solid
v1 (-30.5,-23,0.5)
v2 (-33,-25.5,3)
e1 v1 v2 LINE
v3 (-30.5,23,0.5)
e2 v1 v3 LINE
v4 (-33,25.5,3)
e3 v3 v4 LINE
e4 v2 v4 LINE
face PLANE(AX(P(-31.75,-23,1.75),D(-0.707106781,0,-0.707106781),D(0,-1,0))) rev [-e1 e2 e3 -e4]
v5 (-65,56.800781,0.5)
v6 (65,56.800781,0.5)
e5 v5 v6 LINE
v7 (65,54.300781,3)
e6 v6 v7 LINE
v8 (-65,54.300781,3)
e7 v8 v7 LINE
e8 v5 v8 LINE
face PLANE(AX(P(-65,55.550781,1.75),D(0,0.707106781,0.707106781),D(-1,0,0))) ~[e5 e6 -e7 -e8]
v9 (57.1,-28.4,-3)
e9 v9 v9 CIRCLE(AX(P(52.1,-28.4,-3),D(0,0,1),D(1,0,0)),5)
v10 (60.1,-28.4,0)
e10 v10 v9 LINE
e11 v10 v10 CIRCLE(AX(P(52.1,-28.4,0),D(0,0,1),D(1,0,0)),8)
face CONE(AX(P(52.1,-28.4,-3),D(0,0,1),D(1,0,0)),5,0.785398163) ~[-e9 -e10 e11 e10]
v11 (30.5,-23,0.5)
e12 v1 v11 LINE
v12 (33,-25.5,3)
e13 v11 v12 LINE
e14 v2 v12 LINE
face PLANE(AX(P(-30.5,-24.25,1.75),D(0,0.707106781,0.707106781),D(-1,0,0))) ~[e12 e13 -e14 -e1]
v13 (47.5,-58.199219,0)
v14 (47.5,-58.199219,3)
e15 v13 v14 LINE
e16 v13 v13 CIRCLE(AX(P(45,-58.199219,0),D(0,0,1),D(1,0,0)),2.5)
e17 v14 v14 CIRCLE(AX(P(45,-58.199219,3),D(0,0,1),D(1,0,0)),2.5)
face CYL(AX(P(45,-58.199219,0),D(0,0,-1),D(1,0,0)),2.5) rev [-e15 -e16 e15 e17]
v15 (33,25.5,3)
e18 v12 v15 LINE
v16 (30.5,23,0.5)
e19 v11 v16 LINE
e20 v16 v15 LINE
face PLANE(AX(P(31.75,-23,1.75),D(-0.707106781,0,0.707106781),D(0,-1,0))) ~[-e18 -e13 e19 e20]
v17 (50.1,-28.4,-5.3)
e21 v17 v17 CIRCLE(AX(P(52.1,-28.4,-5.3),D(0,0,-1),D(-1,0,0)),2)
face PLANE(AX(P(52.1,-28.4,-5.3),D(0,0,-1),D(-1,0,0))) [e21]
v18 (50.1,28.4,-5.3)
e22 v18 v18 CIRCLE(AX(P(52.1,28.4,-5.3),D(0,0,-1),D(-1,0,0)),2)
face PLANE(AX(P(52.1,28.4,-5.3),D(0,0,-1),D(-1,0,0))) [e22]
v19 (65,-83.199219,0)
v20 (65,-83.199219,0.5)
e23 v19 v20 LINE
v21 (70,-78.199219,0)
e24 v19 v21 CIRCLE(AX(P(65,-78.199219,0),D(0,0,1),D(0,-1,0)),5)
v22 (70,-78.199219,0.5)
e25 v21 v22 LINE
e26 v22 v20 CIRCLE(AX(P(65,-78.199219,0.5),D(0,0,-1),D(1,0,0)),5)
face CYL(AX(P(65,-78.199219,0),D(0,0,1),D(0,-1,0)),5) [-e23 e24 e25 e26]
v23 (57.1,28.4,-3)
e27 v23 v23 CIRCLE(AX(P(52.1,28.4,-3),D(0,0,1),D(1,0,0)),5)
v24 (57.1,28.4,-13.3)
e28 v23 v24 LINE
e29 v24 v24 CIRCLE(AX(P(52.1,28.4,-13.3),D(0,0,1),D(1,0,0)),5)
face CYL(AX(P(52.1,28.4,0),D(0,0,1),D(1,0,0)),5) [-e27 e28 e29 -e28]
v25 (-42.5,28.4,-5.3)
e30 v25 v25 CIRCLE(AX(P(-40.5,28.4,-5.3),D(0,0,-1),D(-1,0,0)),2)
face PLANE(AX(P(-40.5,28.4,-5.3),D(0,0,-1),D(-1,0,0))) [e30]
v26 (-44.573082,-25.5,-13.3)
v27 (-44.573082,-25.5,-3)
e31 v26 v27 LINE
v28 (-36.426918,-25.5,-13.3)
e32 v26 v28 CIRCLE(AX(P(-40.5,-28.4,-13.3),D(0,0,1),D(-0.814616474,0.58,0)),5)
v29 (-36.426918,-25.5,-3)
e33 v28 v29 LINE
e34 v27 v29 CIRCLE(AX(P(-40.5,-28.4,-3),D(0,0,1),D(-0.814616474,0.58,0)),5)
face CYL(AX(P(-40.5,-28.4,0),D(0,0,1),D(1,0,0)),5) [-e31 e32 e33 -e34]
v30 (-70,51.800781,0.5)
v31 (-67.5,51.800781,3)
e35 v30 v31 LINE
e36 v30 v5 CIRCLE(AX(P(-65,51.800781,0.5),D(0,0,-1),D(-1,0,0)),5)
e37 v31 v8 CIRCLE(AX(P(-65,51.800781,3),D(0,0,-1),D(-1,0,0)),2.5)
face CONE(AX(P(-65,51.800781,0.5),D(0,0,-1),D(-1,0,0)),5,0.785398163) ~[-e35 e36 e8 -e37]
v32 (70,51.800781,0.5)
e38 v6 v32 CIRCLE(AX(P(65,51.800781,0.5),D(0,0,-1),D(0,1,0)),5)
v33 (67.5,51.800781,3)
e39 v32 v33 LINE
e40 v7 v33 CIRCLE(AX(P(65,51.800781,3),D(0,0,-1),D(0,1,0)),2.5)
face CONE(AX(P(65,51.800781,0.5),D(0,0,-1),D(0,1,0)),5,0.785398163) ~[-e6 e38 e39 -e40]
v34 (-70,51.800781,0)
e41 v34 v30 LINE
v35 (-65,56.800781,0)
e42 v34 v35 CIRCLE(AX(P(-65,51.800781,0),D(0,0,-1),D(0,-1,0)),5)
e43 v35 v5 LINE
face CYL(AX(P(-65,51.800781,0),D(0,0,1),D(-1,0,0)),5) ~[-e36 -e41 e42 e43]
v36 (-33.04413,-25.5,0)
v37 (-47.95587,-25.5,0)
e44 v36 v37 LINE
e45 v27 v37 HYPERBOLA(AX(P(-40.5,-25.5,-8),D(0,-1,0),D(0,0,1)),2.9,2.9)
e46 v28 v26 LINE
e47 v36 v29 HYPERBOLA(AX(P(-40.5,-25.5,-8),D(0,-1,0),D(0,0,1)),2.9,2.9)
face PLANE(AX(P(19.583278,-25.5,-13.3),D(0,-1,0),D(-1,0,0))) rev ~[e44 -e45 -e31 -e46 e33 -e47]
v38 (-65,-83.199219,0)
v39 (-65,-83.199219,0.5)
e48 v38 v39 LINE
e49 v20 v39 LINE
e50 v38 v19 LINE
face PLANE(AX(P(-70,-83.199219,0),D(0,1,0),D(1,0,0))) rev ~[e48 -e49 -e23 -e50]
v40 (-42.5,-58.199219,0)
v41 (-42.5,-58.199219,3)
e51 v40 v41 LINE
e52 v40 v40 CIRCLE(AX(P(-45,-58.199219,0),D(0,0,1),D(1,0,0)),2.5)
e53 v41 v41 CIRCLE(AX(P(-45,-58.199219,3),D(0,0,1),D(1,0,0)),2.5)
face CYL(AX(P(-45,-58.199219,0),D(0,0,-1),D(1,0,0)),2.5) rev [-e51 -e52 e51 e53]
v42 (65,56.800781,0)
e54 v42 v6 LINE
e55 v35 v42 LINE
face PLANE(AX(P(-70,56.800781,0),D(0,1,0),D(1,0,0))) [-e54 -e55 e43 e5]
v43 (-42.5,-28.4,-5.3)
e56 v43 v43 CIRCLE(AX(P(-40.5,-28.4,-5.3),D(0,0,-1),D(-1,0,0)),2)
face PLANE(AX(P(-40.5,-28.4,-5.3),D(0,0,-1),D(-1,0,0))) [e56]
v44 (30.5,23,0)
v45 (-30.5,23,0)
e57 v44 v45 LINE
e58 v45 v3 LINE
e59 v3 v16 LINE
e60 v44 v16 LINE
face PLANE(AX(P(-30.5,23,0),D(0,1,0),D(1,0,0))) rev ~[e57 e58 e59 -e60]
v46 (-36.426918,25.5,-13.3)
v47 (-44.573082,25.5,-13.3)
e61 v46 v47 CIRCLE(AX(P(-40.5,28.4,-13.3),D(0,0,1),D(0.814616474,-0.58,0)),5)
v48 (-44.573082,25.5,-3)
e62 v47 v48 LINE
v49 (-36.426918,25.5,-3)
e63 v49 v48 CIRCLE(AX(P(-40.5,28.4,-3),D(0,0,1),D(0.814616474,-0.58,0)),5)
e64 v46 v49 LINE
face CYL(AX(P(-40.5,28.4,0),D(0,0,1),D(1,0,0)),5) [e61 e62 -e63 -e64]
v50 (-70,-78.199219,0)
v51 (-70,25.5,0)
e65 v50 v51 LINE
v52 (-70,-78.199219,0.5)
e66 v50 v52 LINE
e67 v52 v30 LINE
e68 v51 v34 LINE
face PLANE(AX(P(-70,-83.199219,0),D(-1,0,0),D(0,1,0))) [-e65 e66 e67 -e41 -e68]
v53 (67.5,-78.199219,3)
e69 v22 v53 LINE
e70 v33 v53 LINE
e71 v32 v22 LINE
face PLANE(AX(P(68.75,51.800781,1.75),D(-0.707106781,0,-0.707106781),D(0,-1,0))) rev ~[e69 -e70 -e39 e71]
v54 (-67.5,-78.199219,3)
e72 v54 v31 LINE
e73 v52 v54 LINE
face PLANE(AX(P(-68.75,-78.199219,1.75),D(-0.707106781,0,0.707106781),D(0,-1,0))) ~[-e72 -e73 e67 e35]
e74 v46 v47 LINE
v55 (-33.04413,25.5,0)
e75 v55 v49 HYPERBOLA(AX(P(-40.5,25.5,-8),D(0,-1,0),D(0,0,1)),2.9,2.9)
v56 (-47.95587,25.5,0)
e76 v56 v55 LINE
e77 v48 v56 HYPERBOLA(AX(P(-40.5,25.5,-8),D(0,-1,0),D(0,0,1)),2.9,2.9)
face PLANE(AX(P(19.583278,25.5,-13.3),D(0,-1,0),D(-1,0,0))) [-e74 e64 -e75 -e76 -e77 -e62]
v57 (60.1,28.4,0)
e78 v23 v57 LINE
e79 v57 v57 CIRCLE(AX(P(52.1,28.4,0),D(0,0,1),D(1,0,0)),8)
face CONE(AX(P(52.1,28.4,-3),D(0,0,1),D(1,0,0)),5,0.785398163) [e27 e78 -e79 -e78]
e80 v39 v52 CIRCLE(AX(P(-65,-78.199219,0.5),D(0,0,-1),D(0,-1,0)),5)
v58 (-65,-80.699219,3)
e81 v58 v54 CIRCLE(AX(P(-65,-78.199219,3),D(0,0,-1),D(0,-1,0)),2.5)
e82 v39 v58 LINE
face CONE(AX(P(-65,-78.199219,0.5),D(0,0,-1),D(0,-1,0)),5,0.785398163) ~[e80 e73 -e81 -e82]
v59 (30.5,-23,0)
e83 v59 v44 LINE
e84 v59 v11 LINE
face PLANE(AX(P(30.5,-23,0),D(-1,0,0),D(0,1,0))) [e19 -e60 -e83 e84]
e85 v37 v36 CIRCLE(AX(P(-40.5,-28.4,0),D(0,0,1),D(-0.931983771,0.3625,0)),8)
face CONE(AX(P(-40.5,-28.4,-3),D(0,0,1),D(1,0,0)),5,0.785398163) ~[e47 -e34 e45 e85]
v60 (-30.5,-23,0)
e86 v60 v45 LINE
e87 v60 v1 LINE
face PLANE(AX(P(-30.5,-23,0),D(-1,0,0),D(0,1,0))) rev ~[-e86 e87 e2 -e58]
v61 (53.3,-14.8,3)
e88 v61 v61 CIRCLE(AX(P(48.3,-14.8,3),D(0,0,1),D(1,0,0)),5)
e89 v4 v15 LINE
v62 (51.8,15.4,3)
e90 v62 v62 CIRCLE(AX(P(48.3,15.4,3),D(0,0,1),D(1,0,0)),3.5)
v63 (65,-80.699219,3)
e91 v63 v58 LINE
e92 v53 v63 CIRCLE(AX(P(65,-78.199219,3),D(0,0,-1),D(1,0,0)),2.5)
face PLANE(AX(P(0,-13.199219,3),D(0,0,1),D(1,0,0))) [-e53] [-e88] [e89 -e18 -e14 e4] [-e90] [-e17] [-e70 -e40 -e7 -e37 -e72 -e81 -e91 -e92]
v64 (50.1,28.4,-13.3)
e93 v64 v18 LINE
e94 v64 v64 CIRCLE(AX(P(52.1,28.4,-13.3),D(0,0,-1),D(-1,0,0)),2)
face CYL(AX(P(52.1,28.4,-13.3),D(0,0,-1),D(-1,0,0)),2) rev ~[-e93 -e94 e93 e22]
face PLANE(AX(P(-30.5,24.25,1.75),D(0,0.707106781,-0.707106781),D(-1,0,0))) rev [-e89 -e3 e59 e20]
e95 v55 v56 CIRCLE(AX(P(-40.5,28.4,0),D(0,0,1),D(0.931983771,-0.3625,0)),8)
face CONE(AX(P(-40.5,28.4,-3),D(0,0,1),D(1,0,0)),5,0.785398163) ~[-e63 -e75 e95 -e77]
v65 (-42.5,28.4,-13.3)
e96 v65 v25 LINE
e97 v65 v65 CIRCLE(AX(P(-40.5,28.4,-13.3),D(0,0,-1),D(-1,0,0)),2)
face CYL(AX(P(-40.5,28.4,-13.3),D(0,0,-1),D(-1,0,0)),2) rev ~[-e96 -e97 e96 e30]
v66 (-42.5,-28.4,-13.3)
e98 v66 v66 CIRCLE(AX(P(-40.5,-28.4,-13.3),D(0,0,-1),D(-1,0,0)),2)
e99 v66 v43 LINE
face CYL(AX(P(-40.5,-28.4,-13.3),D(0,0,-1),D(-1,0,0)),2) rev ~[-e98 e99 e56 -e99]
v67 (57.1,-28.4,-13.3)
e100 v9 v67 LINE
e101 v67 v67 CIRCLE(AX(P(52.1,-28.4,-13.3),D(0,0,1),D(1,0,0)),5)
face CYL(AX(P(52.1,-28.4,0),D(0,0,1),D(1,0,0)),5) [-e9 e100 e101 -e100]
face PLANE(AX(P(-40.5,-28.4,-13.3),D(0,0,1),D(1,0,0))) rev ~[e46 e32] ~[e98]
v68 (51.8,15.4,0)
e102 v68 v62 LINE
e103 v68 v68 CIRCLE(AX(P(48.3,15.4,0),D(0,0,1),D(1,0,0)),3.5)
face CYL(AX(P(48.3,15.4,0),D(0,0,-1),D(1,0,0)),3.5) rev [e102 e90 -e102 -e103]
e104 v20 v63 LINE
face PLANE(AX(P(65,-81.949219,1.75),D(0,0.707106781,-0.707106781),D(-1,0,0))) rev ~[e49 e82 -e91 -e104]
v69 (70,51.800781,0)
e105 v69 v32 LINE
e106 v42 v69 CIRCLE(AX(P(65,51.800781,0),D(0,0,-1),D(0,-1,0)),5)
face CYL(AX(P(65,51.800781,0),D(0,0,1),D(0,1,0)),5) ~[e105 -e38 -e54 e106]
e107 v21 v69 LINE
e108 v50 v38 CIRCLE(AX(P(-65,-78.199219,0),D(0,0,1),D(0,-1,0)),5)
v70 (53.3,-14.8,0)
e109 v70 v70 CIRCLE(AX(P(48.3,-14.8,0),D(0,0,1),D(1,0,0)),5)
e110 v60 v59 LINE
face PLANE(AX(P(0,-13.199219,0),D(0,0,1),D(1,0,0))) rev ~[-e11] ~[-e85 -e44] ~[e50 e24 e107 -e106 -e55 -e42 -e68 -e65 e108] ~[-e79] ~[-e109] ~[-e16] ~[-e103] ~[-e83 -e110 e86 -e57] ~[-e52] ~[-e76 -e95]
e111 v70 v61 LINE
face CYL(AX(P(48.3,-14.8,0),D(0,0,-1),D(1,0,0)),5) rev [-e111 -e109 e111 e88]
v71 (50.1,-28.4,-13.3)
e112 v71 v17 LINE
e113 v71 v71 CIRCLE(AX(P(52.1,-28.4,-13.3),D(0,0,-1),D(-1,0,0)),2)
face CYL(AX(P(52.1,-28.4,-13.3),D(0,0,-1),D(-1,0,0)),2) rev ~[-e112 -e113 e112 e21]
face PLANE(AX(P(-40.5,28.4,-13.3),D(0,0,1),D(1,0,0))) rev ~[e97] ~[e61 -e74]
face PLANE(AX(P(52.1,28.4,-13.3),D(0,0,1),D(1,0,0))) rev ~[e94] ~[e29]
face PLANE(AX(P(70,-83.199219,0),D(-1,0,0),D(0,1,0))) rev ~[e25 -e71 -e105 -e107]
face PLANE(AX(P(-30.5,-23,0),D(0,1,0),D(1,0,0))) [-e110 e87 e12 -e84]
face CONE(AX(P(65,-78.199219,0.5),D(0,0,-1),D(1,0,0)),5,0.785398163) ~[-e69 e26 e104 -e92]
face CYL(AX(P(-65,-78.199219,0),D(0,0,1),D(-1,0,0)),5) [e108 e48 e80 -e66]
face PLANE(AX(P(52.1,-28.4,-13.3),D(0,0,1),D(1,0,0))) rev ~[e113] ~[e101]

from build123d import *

# Parameters (mm, degrees)
SKETCH1_W           = 140
SKETCH1_H           = 140
SKETCH1_R           = 3.5
SKETCH1_R_2         = 2
SKETCH1_R_3         = 5
SKETCH1_R_4         = 2.5
SKETCH1_W_2         = 61
SKETCH1_H_2         = 46
BOSS_EXTRUDE1_DEPTH = 3
CHAMFER1_SIZE       = 2.5
FILLET1_R           = 5
CHAMFER2_SIZE       = 2.5
SKETCH2_R           = 5
BOSS_EXTRUDE3_DEPTH = 13.3
CHAMFER3_SIZE       = 3
SKETCH4_R           = 2
CUT_EXTRUDE1_DEPTH  = 8
SKETCH6_W           = 89.583277887
SKETCH6_H           = 51
CUT_EXTRUDE2_DEPTH  = 13.3
SKETCH7_R           = 4.27453946
SKETCH7_R_2         = 4.288417291
SKETCH7_R_3         = 5.40642801
SKETCH7_R_4         = 4.2459997
BOSS_EXTRUDE4_DEPTH = 3


with BuildPart() as part:
    # Sketch1 → Boss-Extrude1 (new body)
    with BuildSketch(Plane.XY):
        with Locations((0, -13.199218639)):
            Rectangle(SKETCH1_W, SKETCH1_H)
        with Locations((48.3, 15.4)):
            Circle(SKETCH1_R, mode=Mode.SUBTRACT)
        with Locations((-40.5, 28.4)):
            Circle(SKETCH1_R_2, mode=Mode.SUBTRACT)
        with Locations((52.1, 28.4)):
            Circle(SKETCH1_R_2, mode=Mode.SUBTRACT)
        with Locations((52.1, -28.4)):
            Circle(SKETCH1_R_2, mode=Mode.SUBTRACT)
        with Locations((-40.5, -28.4)):
            Circle(SKETCH1_R_2, mode=Mode.SUBTRACT)
        with Locations((48.3, -14.8)):
            Circle(SKETCH1_R_3, mode=Mode.SUBTRACT)
        with Locations((45, -58.199218639)):
            Circle(SKETCH1_R_4, mode=Mode.SUBTRACT)
        with Locations((-45, -58.199218639)):
            Circle(SKETCH1_R_4, mode=Mode.SUBTRACT)
        Rectangle(SKETCH1_W_2, SKETCH1_H_2, mode=Mode.SUBTRACT)
    extrude(amount=BOSS_EXTRUDE1_DEPTH)

    # Chamfer1
    chamfer1_edges = [part.edges().sort_by_distance(p)[0] for p in [
        (30.5, 0, 3),
        (0, 23, 3),
        (-30.5, 0, 3),
        (0, -23, 3),
    ]]
    chamfer(chamfer1_edges, length=CHAMFER1_SIZE)

    # Fillet1
    fillet1_edges = [part.edges().sort_by_distance(p)[0] for p in [
        (70, -83.199218639, 1.5),
        (-70, -83.199218639, 1.5),
        (-70, 56.800781361, 1.5),
        (70, 56.800781361, 1.5),
    ]]
    fillet(fillet1_edges, radius=FILLET1_R)

    # Chamfer2
    chamfer2_edges = [part.edges().sort_by_distance(p)[0] for p in [
        (-70, -13.199218639, 3),
        (0, 56.800781361, 3),
        (70, -13.199218639, 3),
        (0, -83.199218639, 3),
        (-68.535533906, -81.734752545, 3),
        (68.535533906, -81.734752545, 3),
        (68.535533906, 55.336315267, 3),
        (-68.535533906, 55.336315267, 3),
    ]]
    chamfer(chamfer2_edges, length=CHAMFER2_SIZE)

    # Sketch2 → Boss-Extrude3 (add)
    with BuildSketch(Plane.XY):
        with Locations((52.1, 28.4)):
            Circle(SKETCH2_R)
        with Locations((52.1, -28.4)):
            Circle(SKETCH2_R)
        with Locations((-40.5, 28.4)):
            Circle(SKETCH2_R)
        with Locations((-40.5, -28.4)):
            Circle(SKETCH2_R)
    extrude(amount=-BOSS_EXTRUDE3_DEPTH)

    # Chamfer3
    chamfer3_edges = [part.edges().sort_by_distance(p)[0] for p in [
        (47.1, 28.4, 0),
        (47.1, -28.4, 0),
        (-45.5, 28.4, 0),
        (-45.5, -28.4, 0),
    ]]
    chamfer(chamfer3_edges, length=CHAMFER3_SIZE)

    # Sketch4 → Cut-Extrude1 (cut)
    with BuildSketch(Plane(origin=(0, 0, -13.3), x_dir=(-1, 0, 0), z_dir=(0, 0, -1))):
        with Locations((-52.1, 28.4)):
            Circle(SKETCH4_R)
        with Locations((40.5, 28.4)):
            Circle(SKETCH4_R)
        with Locations((40.5, -28.4)):
            Circle(SKETCH4_R)
        with Locations((-52.1, -28.4)):
            Circle(SKETCH4_R)
    extrude(amount=-CUT_EXTRUDE1_DEPTH, mode=Mode.SUBTRACT)

    # Sketch6 → Cut-Extrude2 (cut)
    with BuildSketch(Plane(origin=(0, 0, -13.3), x_dir=(-1, 0, 0), z_dir=(0, 0, -1))):
        with Locations((25.208361056, 0)):
            Rectangle(SKETCH6_W, SKETCH6_H)
    extrude(amount=-CUT_EXTRUDE2_DEPTH, mode=Mode.SUBTRACT)

    # Sketch7 → Boss-Extrude4 (add)
    with BuildSketch(Plane.XY.offset(3)):
        with Locations((-40.5, 28.4)):
            Circle(SKETCH7_R)
        with Locations((-40.5, -28.4)):
            Circle(SKETCH7_R_2)
        with Locations((52.1, 28.4)):
            Circle(SKETCH7_R_3)
        with Locations((52.1, -28.4)):
            Circle(SKETCH7_R_4)
    extrude(amount=-BOSS_EXTRUDE4_DEPTH)


solid = part.part
